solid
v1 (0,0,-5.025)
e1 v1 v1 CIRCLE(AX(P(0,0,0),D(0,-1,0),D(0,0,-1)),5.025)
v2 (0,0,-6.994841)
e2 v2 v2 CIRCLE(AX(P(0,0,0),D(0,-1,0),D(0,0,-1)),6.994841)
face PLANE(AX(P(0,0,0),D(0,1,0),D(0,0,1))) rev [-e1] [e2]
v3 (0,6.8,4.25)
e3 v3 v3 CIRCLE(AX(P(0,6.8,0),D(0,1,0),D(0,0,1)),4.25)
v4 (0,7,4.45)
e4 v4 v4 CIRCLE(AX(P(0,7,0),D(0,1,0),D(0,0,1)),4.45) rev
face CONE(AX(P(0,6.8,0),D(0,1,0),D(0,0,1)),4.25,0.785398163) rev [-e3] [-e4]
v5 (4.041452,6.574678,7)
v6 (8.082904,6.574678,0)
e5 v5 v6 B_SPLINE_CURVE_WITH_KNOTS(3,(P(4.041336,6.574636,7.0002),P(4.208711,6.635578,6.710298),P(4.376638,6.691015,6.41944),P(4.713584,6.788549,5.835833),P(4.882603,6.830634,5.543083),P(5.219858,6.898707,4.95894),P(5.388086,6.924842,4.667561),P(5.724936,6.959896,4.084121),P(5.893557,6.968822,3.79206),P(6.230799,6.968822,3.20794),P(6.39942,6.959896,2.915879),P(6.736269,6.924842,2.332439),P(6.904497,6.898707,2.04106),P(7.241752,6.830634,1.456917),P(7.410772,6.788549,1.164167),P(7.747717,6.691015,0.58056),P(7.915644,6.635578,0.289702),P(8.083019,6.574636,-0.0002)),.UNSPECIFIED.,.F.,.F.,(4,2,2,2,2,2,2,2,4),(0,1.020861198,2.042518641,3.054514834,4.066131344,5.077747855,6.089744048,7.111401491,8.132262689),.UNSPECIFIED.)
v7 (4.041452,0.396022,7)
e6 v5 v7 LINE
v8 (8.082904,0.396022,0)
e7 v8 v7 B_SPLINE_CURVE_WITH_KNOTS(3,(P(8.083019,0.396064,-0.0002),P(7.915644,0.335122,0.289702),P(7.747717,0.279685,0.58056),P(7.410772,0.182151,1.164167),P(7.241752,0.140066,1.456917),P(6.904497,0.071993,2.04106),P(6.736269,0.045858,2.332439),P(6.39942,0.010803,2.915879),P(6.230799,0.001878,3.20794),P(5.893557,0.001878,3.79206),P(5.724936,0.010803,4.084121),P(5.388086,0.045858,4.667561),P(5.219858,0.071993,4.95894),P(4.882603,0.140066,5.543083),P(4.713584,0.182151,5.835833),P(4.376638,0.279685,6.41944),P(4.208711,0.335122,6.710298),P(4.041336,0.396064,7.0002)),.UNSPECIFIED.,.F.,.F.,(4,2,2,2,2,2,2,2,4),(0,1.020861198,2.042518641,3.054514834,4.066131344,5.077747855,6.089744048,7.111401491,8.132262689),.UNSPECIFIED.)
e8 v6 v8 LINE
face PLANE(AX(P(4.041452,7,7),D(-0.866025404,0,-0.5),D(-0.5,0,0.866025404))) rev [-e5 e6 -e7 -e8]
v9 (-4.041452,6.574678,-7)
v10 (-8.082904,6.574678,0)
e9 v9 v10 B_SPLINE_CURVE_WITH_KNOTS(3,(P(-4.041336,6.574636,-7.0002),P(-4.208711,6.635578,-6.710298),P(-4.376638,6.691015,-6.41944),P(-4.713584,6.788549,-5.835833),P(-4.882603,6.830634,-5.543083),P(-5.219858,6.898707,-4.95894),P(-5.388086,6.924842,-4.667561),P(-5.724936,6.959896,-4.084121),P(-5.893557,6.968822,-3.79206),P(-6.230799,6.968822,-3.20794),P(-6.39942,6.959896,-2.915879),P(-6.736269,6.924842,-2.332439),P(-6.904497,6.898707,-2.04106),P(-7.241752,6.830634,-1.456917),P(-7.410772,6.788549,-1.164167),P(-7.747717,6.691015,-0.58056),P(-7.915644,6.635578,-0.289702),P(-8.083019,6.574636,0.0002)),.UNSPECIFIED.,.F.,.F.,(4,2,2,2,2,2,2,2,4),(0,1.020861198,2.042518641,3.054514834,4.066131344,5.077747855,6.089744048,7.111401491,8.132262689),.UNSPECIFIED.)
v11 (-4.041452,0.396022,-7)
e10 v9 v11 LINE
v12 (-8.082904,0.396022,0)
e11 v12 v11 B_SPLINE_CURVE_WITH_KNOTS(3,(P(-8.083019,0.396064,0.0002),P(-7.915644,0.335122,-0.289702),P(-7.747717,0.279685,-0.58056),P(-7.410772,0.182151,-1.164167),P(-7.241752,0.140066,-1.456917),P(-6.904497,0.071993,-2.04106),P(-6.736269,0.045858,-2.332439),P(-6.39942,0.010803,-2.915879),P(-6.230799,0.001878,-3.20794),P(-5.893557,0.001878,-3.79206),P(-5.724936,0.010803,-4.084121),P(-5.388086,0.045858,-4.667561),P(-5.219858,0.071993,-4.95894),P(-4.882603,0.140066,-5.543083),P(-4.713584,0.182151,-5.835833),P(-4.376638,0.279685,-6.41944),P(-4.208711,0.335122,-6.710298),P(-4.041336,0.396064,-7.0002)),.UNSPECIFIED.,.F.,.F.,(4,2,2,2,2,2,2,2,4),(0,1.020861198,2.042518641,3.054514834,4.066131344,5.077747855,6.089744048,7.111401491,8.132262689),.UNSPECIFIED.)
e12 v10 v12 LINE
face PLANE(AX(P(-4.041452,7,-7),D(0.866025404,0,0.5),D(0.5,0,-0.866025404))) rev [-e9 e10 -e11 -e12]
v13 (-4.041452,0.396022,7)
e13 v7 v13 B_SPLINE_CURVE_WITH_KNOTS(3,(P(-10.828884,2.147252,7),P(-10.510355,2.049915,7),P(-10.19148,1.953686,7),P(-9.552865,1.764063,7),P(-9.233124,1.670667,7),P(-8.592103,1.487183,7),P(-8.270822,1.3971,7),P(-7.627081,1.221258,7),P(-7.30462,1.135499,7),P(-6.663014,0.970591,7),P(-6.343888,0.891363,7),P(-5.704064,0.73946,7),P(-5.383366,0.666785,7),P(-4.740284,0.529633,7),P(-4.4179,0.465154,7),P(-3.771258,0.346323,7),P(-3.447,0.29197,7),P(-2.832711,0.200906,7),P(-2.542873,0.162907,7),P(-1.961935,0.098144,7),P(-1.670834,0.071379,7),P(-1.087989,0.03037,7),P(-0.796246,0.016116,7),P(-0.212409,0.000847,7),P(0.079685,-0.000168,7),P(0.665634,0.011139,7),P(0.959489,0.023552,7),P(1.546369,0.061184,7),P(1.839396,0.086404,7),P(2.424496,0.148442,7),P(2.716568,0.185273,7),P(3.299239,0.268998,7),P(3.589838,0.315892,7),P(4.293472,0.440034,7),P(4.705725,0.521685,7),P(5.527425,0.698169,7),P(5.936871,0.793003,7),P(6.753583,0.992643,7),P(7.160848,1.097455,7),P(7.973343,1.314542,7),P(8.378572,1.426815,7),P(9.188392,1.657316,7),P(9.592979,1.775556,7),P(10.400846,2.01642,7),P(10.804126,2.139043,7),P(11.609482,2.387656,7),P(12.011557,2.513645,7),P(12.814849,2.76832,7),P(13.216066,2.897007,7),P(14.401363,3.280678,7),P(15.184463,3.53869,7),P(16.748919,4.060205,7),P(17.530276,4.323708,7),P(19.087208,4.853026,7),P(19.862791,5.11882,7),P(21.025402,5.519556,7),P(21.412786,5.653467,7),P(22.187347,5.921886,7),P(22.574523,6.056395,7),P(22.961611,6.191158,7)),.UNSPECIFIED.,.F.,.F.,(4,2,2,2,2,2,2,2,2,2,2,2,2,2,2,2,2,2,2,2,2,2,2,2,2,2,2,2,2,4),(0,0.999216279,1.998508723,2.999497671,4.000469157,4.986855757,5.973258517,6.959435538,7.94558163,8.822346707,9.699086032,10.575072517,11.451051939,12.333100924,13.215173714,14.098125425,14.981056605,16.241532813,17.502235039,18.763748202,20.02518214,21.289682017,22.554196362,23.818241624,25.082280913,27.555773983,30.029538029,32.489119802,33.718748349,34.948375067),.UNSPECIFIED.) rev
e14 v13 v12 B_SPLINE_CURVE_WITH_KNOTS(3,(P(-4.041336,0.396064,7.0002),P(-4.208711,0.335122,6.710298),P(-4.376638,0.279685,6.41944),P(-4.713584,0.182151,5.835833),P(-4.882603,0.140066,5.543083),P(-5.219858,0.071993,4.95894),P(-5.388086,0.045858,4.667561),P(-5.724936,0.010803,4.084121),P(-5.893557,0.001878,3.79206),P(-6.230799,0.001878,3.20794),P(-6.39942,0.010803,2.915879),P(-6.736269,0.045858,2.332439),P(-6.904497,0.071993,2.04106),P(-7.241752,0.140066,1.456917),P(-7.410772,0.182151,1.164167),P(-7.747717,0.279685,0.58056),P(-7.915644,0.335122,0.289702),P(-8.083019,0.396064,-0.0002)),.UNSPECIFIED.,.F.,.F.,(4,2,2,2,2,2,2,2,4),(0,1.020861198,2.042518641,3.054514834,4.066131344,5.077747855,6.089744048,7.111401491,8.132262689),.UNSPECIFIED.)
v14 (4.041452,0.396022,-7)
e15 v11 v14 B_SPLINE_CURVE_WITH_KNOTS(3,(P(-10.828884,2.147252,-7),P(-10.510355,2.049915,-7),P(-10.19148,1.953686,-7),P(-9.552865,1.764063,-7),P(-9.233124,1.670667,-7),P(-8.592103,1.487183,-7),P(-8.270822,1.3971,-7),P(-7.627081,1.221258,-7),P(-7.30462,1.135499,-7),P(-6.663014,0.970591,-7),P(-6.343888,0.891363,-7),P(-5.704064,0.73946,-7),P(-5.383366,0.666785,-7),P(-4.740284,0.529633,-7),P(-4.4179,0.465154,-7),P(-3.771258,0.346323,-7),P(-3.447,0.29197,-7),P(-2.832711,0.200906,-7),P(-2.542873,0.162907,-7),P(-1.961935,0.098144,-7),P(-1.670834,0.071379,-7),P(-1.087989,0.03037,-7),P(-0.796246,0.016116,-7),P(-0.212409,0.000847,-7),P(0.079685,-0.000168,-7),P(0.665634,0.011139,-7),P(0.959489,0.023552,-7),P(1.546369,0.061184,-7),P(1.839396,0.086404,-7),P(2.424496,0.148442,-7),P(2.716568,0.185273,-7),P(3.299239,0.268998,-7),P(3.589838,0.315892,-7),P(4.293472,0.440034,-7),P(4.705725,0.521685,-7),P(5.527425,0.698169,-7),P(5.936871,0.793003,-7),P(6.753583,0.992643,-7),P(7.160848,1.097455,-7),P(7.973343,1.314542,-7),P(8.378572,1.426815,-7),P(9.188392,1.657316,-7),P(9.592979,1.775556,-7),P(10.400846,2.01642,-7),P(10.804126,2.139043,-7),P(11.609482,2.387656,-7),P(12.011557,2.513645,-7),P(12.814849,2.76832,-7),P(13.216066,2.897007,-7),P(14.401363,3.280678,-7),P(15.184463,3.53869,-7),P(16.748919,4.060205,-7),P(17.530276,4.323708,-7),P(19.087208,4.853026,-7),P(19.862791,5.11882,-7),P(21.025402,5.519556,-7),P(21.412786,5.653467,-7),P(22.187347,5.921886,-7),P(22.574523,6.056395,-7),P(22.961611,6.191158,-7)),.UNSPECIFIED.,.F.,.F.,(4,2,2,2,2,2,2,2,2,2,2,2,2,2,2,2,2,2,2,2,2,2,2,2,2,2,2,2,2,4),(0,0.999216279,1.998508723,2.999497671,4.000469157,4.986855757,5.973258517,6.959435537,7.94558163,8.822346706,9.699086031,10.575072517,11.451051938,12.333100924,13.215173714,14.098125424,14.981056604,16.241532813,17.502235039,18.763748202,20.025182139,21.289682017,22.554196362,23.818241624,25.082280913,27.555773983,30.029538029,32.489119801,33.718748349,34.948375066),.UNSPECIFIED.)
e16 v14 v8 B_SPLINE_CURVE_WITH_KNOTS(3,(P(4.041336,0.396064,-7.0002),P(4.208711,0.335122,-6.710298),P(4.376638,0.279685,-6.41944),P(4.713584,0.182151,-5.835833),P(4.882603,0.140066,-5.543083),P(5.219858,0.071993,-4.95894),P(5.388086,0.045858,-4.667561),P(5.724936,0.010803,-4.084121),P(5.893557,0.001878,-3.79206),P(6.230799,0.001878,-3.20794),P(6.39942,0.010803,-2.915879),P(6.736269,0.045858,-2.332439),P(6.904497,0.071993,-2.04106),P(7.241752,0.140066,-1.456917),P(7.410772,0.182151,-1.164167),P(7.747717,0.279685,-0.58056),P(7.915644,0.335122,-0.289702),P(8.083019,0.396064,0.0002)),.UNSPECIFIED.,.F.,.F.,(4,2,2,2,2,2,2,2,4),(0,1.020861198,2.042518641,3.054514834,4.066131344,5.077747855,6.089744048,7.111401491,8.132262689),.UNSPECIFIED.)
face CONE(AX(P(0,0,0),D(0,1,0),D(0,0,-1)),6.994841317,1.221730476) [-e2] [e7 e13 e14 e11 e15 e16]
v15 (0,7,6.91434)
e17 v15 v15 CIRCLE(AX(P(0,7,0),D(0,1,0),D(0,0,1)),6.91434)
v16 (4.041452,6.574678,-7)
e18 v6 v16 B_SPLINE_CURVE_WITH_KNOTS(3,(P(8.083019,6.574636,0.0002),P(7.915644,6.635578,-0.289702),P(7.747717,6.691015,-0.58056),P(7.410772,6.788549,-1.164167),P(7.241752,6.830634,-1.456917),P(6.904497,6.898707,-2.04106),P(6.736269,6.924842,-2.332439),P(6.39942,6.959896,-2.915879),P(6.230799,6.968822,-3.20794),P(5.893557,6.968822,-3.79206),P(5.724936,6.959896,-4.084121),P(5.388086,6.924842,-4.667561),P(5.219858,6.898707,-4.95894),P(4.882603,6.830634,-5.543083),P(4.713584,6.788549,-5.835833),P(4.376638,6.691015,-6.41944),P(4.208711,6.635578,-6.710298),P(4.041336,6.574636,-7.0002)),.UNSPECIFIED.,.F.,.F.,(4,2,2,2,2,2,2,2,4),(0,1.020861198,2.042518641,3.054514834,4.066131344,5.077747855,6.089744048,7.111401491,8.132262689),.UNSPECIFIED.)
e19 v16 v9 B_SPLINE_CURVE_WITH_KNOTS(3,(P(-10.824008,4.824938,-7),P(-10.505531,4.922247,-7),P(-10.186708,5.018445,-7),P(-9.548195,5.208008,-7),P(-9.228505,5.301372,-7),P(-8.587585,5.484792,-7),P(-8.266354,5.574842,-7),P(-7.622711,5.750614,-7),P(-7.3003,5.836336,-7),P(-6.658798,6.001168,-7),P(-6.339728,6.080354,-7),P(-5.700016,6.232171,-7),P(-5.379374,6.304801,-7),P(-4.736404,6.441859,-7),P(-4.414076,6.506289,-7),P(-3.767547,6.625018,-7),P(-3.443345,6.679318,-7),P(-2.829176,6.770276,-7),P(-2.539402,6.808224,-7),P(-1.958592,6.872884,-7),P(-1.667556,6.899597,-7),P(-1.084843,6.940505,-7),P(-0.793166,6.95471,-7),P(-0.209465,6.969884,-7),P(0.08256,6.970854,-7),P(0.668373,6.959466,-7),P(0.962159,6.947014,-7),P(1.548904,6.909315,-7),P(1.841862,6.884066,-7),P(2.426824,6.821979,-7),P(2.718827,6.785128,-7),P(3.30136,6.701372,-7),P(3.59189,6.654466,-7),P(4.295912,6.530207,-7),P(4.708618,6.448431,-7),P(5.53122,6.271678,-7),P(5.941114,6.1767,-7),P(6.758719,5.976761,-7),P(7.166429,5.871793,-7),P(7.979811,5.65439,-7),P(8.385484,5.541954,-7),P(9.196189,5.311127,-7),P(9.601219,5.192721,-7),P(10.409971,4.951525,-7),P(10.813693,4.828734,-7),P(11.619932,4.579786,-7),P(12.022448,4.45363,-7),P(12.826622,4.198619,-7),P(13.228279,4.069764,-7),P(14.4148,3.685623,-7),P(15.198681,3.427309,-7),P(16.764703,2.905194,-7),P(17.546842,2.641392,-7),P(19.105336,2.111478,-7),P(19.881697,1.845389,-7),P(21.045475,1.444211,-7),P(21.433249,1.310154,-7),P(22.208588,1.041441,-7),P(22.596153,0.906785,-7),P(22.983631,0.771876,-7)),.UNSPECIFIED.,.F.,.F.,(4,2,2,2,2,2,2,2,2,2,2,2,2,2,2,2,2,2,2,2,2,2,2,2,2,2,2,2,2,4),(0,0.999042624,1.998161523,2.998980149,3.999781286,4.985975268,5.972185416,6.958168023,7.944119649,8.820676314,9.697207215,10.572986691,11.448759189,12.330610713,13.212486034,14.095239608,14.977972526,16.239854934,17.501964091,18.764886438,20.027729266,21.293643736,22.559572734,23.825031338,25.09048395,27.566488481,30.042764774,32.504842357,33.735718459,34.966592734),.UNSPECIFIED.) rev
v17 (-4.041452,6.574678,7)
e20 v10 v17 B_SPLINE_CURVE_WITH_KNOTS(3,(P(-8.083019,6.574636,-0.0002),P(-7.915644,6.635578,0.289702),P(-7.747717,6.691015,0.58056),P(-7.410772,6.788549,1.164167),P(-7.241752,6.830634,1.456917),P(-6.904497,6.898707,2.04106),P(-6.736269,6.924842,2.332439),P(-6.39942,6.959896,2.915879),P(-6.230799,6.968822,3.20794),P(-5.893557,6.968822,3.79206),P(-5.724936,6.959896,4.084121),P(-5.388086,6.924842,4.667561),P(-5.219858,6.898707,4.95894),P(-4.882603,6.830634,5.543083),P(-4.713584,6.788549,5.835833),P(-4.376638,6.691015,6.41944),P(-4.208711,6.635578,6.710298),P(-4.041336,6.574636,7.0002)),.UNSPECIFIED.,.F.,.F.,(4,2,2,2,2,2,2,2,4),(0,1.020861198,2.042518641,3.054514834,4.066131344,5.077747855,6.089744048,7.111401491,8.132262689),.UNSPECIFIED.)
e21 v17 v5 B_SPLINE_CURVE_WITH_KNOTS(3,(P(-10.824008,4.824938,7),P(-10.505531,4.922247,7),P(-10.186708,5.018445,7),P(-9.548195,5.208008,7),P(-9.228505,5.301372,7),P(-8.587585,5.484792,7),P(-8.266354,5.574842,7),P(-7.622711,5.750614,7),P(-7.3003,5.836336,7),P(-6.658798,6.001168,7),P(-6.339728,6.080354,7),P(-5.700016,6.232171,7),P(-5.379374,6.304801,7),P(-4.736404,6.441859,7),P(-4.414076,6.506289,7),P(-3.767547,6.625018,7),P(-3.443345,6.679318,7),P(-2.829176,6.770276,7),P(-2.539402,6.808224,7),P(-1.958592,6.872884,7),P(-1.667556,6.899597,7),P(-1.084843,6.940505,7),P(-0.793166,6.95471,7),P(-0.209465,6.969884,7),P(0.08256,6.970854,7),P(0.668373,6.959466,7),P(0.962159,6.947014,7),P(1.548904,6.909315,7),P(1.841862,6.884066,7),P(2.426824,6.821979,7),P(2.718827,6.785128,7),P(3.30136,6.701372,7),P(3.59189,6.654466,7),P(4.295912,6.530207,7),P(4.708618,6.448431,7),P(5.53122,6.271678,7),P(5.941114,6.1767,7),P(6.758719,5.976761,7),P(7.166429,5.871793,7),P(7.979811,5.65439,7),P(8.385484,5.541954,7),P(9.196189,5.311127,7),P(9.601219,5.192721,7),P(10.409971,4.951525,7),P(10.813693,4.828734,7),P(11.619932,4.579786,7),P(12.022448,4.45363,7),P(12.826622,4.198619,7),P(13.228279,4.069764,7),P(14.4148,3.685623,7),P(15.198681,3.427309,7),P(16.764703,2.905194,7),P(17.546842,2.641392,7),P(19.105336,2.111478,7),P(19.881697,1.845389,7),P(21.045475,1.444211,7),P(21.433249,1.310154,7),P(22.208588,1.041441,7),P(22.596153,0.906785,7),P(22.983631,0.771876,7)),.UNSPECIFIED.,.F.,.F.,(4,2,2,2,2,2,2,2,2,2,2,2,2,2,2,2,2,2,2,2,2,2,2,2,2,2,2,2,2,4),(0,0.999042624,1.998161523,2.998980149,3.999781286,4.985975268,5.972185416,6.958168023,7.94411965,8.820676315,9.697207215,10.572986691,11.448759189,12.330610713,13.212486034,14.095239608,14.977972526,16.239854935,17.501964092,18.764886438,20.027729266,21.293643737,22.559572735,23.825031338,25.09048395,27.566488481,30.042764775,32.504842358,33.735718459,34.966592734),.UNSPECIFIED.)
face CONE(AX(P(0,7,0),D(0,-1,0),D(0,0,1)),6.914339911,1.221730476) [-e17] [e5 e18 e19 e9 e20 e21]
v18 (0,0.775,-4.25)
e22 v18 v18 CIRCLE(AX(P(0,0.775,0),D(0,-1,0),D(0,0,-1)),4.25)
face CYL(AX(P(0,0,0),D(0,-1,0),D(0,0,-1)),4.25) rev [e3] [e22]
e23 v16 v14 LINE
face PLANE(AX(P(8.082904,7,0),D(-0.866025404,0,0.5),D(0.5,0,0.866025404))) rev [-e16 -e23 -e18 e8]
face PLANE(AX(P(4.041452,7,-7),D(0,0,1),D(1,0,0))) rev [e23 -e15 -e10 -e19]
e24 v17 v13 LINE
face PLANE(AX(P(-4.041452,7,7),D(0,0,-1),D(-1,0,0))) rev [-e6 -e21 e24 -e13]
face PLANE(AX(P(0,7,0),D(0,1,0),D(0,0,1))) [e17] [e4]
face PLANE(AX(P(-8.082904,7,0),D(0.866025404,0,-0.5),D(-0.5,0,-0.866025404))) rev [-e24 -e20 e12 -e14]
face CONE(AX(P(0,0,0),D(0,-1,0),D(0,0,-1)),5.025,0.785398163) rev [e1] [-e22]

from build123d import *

# Parameters (mm, degrees)
RESSALTO_EXTRUS_O2_DEPTH         = 7
FURO_ROSCADO_DE_M101_D           = 8.5
FURO_ROSCADO_DE_M101_CSINK_D     = 10.05
FURO_ROSCADO_DE_M101_CSINK_ANGLE = 90
CHANFRO2_SIZE                    = 0.2
ESBO_O5_OUTSIDE_W                = 94.1
ESBO_O5_OUTSIDE_H                = 91.934
ESBO_O5_OUTSIDE_R                = 6.914339911
CORTE_EXTRUS_O1_DEPTH            = 13
CORTE_EXTRUS_O1_DRAFT            = -70
ESBO_O6_OUTSIDE_W                = 94.1
ESBO_O6_OUTSIDE_H                = 91.934
ESBO_O6_OUTSIDE_R                = 6.994841317
CORTE_EXTRUS_O2_DEPTH            = 13
CORTE_EXTRUS_O2_DRAFT            = -70


with BuildPart() as part:
    # Esboço1 → Ressalto-extrusão2 (new body)
    with BuildSketch(Plane(origin=(0, 0, 0), x_dir=(1, 0, 0), z_dir=(0, 1, 0))):
        Polygon((4.041451884, 7), (-4.041451884, 7), (-8.082903769, 0), (-4.041451884, -7), (4.041451884, -7), (8.082903769, 0), align=None)
    extrude(amount=RESSALTO_EXTRUS_O2_DEPTH)

    # Furo roscado de M101 (through all)
    with Locations(Plane(origin=(0, 0, 0), x_dir=(-1, 0, 0), z_dir=(0, -1, 0))):
        with Locations((0, 0)):
            CounterSinkHole(FURO_ROSCADO_DE_M101_D / 2, FURO_ROSCADO_DE_M101_CSINK_D / 2, counter_sink_angle=FURO_ROSCADO_DE_M101_CSINK_ANGLE)

    # Chanfro2
    chanfro2_edges = [part.edges().sort_by_distance(p)[0] for p in [
        (-4.25, 7, 0),
    ]]
    chamfer(chanfro2_edges, length=CHANFRO2_SIZE)


with BuildPart() as corte_extrus_o1_tool:
    # Esboço5 outside → Corte-extrusão1 (with draft: the straight prism first)
    with BuildSketch(Plane(origin=(0, 7, 0), x_dir=(1, 0, 0), z_dir=(0, 1, 0))):
        Rectangle(ESBO_O5_OUTSIDE_W, ESBO_O5_OUTSIDE_H)
        Circle(ESBO_O5_OUTSIDE_R, mode=Mode.SUBTRACT)
    extrude(amount=-CORTE_EXTRUS_O1_DEPTH)
    # Corte-extrusão1: the draft: its side faces are tilted about the plane it starts from
    corte_extrus_o1_sides = [corte_extrus_o1_tool.faces().sort_by_distance(p)[0] for p in [
        (0, 0.5, 45.967),
        (47.05, 0.5, 0),
        (0, 0.5, -45.967),
        (-47.05, 0.5, 0),
        (-6.914339911, 0.5, 0),
    ]]
    draft(corte_extrus_o1_sides, Plane(origin=(0, 7, 0), x_dir=(1, 0, 0), z_dir=(0, 1, 0)), CORTE_EXTRUS_O1_DRAFT)


with BuildPart() as part_1:
    add(part.part)

    # Corte-extrusão1: cut by corte_extrus_o1_tool
    add(corte_extrus_o1_tool.part, mode=Mode.SUBTRACT)


with BuildPart() as corte_extrus_o2_tool:
    # Esboço6 outside → Corte-extrusão2 (with draft: the straight prism first)
    with BuildSketch(Plane.XZ):
        Rectangle(ESBO_O6_OUTSIDE_W, ESBO_O6_OUTSIDE_H)
        Circle(ESBO_O6_OUTSIDE_R, mode=Mode.SUBTRACT)
    extrude(amount=-CORTE_EXTRUS_O2_DEPTH)
    # Corte-extrusão2: the draft: its side faces are tilted about the plane it starts from
    corte_extrus_o2_sides = [corte_extrus_o2_tool.faces().sort_by_distance(p)[0] for p in [
        (0, 6.5, -45.967),
        (47.05, 6.5, 0),
        (0, 6.5, 45.967),
        (-47.05, 6.5, 0),
        (-6.994841317, 6.5, 0),
    ]]
    draft(corte_extrus_o2_sides, Plane.XZ, CORTE_EXTRUS_O2_DRAFT)


with BuildPart() as part_2:
    add(part_1.part)

    # Corte-extrusão2: cut by corte_extrus_o2_tool
    add(corte_extrus_o2_tool.part, mode=Mode.SUBTRACT)


solid = part_2.part
